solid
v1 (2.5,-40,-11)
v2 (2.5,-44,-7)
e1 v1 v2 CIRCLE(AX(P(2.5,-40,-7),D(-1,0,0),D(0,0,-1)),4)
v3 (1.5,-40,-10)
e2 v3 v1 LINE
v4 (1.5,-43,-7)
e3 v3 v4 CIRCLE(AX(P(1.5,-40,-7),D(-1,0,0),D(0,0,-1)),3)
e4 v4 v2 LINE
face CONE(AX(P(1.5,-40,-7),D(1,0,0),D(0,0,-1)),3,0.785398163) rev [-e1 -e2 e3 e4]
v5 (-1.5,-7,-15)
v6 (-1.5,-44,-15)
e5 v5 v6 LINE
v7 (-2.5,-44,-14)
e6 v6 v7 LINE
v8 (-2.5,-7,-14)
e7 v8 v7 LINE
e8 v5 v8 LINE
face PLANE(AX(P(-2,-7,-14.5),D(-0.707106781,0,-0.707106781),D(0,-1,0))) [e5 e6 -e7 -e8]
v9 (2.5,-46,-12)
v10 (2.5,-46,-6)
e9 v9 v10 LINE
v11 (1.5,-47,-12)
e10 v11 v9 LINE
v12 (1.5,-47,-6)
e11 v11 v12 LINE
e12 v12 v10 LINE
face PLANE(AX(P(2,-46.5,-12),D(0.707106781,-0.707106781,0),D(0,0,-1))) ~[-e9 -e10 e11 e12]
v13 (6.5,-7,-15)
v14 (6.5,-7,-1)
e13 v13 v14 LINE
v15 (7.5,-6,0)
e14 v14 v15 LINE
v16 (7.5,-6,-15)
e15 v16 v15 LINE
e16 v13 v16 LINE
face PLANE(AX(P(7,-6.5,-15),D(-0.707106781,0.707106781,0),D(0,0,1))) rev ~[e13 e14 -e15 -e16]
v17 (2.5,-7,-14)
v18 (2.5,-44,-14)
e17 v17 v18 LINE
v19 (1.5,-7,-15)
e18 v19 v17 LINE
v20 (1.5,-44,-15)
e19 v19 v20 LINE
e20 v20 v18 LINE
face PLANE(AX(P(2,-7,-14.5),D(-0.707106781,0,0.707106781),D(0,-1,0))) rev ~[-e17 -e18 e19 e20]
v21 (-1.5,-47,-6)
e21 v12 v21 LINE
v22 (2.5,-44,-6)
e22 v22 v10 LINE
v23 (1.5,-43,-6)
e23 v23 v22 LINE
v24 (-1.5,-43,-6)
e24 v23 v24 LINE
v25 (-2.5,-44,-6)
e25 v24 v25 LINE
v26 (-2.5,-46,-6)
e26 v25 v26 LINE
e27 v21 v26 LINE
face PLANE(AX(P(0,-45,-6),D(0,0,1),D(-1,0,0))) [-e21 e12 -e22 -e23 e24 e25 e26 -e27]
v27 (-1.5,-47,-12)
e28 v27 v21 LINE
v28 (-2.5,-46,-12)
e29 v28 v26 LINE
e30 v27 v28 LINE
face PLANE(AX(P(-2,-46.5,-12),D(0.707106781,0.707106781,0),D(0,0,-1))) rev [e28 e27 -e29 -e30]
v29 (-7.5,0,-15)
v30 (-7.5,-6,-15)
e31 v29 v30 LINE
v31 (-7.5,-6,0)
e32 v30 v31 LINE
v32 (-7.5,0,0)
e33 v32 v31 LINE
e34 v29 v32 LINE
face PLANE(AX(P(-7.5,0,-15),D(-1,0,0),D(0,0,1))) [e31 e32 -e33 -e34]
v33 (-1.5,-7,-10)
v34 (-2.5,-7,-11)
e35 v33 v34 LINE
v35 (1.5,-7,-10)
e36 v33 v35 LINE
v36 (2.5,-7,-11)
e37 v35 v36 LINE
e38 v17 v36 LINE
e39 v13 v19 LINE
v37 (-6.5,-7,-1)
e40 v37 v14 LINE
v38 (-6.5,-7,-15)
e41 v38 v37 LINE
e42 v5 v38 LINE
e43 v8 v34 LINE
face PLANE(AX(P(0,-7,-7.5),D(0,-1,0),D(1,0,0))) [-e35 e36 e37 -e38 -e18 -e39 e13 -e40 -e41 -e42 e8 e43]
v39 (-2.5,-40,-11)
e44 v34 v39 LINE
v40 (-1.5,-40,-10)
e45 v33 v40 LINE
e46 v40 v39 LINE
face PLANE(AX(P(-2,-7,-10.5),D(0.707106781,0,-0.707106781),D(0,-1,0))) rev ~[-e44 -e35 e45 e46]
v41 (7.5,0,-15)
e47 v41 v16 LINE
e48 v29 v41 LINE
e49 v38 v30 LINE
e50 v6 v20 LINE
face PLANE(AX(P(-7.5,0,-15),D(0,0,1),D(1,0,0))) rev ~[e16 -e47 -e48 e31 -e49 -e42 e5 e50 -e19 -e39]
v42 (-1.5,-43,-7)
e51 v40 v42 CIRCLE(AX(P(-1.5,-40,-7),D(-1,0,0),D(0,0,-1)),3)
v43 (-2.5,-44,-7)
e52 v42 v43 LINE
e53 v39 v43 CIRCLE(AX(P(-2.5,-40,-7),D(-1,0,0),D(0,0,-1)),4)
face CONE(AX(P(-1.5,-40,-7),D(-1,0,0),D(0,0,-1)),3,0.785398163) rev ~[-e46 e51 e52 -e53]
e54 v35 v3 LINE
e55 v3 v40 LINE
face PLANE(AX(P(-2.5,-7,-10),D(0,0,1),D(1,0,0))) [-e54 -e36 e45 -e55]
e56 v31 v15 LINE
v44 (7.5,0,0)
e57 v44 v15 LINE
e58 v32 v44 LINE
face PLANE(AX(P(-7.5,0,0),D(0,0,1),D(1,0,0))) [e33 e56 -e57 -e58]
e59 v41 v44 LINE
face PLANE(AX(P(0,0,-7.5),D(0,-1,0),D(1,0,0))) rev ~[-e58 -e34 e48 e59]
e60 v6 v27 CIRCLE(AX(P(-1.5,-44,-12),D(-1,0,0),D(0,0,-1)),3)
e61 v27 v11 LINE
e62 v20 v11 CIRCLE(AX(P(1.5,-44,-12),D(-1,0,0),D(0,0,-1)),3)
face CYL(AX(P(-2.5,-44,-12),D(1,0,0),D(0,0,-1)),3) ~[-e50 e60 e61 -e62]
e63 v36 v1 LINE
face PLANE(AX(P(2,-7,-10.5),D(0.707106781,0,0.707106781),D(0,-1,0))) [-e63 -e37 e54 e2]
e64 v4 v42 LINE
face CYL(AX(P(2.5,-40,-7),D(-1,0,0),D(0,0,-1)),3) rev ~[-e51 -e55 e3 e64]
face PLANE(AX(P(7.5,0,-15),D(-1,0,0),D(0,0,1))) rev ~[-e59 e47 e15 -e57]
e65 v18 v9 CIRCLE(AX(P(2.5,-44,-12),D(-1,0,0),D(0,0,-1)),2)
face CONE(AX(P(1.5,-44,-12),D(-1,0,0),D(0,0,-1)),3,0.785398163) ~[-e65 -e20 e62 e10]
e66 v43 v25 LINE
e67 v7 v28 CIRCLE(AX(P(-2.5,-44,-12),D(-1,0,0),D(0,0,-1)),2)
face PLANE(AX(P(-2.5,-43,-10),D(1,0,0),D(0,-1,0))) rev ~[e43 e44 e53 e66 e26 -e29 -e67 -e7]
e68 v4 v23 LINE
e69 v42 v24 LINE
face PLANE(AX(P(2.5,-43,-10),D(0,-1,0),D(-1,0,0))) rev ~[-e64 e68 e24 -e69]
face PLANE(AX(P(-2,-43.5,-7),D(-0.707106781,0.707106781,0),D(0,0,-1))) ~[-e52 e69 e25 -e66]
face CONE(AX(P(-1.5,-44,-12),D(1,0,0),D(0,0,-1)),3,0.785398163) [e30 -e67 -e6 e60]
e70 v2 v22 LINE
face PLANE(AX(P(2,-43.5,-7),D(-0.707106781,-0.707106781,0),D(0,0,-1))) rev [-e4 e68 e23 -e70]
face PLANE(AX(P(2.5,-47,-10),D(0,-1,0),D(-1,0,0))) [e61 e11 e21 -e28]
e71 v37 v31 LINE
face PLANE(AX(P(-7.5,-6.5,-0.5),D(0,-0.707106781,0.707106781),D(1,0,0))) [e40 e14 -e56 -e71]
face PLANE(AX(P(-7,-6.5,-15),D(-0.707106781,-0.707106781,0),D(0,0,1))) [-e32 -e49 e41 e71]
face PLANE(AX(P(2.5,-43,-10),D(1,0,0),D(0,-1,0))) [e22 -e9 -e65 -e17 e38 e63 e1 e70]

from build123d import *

# Parameters (mm, degrees)
SKETCH_W        = 15
SKETCH_H        = 15
PAD_DEPTH       = 7
SKETCH001_W     = 5
SKETCH001_H     = 5
PAD001_DEPTH    = 40
SKETCH002_W     = 5
SKETCH002_H     = 4
PAD002_DEPTH    = 4
CHAMFER_SIZE    = 1
FILLET_R        = 3
CHAMFER001_SIZE = 1
CHAMFER002_SIZE = 1


with BuildPart() as part:
    # Sketch → Pad (new body)
    with BuildSketch(Plane.XZ):
        with Locations((0, -7.5)):
            Rectangle(SKETCH_W, SKETCH_H)
    extrude(amount=PAD_DEPTH)

    # Sketch001 (on Face6 of Pad) → Pad001 (join)
    with BuildSketch(Plane.XZ.offset(7)):
        with Locations((0, -12.5)):
            Rectangle(SKETCH001_W, SKETCH001_H)
    extrude(amount=PAD001_DEPTH)

    # Sketch002 (on Face7 of Pad001) → Pad002 (join)
    with BuildSketch(Plane(origin=(0, 0, -10), x_dir=(-1, 0, 0), z_dir=(0, 0, 1))):
        with Locations((0, 45)):
            Rectangle(SKETCH002_W, SKETCH002_H)
    extrude(amount=PAD002_DEPTH)

    # Chamfer
    chamfer_edges = [part.edges().sort_by_distance(p)[0] for p in [
        (0, -7, 0),
        (-7.5, -7, -7.5),
        (7.5, -7, -7.5),
    ]]
    chamfer(chamfer_edges, length=CHAMFER_SIZE)

    # Fillet
    fillet_edges = [part.edges().sort_by_distance(p)[0] for p in [
        (0, -43, -10),
        (0, -47, -15),
    ]]
    fillet(fillet_edges, radius=FILLET_R)

    # Chamfer001
    chamfer001_edges = [part.edges().sort_by_distance(p)[0] for p in [
        (2.5, -25.5, -15),
        (-2.5, -25.5, -15),
    ]]
    chamfer(chamfer001_edges, length=CHAMFER001_SIZE)

    # Chamfer002
    chamfer002_edges = [part.edges().sort_by_distance(p)[0] for p in [
        (2.5, -23.5, -10),
        (-2.5, -23.5, -10),
    ]]
    chamfer(chamfer002_edges, length=CHAMFER002_SIZE)


solid = part.part
